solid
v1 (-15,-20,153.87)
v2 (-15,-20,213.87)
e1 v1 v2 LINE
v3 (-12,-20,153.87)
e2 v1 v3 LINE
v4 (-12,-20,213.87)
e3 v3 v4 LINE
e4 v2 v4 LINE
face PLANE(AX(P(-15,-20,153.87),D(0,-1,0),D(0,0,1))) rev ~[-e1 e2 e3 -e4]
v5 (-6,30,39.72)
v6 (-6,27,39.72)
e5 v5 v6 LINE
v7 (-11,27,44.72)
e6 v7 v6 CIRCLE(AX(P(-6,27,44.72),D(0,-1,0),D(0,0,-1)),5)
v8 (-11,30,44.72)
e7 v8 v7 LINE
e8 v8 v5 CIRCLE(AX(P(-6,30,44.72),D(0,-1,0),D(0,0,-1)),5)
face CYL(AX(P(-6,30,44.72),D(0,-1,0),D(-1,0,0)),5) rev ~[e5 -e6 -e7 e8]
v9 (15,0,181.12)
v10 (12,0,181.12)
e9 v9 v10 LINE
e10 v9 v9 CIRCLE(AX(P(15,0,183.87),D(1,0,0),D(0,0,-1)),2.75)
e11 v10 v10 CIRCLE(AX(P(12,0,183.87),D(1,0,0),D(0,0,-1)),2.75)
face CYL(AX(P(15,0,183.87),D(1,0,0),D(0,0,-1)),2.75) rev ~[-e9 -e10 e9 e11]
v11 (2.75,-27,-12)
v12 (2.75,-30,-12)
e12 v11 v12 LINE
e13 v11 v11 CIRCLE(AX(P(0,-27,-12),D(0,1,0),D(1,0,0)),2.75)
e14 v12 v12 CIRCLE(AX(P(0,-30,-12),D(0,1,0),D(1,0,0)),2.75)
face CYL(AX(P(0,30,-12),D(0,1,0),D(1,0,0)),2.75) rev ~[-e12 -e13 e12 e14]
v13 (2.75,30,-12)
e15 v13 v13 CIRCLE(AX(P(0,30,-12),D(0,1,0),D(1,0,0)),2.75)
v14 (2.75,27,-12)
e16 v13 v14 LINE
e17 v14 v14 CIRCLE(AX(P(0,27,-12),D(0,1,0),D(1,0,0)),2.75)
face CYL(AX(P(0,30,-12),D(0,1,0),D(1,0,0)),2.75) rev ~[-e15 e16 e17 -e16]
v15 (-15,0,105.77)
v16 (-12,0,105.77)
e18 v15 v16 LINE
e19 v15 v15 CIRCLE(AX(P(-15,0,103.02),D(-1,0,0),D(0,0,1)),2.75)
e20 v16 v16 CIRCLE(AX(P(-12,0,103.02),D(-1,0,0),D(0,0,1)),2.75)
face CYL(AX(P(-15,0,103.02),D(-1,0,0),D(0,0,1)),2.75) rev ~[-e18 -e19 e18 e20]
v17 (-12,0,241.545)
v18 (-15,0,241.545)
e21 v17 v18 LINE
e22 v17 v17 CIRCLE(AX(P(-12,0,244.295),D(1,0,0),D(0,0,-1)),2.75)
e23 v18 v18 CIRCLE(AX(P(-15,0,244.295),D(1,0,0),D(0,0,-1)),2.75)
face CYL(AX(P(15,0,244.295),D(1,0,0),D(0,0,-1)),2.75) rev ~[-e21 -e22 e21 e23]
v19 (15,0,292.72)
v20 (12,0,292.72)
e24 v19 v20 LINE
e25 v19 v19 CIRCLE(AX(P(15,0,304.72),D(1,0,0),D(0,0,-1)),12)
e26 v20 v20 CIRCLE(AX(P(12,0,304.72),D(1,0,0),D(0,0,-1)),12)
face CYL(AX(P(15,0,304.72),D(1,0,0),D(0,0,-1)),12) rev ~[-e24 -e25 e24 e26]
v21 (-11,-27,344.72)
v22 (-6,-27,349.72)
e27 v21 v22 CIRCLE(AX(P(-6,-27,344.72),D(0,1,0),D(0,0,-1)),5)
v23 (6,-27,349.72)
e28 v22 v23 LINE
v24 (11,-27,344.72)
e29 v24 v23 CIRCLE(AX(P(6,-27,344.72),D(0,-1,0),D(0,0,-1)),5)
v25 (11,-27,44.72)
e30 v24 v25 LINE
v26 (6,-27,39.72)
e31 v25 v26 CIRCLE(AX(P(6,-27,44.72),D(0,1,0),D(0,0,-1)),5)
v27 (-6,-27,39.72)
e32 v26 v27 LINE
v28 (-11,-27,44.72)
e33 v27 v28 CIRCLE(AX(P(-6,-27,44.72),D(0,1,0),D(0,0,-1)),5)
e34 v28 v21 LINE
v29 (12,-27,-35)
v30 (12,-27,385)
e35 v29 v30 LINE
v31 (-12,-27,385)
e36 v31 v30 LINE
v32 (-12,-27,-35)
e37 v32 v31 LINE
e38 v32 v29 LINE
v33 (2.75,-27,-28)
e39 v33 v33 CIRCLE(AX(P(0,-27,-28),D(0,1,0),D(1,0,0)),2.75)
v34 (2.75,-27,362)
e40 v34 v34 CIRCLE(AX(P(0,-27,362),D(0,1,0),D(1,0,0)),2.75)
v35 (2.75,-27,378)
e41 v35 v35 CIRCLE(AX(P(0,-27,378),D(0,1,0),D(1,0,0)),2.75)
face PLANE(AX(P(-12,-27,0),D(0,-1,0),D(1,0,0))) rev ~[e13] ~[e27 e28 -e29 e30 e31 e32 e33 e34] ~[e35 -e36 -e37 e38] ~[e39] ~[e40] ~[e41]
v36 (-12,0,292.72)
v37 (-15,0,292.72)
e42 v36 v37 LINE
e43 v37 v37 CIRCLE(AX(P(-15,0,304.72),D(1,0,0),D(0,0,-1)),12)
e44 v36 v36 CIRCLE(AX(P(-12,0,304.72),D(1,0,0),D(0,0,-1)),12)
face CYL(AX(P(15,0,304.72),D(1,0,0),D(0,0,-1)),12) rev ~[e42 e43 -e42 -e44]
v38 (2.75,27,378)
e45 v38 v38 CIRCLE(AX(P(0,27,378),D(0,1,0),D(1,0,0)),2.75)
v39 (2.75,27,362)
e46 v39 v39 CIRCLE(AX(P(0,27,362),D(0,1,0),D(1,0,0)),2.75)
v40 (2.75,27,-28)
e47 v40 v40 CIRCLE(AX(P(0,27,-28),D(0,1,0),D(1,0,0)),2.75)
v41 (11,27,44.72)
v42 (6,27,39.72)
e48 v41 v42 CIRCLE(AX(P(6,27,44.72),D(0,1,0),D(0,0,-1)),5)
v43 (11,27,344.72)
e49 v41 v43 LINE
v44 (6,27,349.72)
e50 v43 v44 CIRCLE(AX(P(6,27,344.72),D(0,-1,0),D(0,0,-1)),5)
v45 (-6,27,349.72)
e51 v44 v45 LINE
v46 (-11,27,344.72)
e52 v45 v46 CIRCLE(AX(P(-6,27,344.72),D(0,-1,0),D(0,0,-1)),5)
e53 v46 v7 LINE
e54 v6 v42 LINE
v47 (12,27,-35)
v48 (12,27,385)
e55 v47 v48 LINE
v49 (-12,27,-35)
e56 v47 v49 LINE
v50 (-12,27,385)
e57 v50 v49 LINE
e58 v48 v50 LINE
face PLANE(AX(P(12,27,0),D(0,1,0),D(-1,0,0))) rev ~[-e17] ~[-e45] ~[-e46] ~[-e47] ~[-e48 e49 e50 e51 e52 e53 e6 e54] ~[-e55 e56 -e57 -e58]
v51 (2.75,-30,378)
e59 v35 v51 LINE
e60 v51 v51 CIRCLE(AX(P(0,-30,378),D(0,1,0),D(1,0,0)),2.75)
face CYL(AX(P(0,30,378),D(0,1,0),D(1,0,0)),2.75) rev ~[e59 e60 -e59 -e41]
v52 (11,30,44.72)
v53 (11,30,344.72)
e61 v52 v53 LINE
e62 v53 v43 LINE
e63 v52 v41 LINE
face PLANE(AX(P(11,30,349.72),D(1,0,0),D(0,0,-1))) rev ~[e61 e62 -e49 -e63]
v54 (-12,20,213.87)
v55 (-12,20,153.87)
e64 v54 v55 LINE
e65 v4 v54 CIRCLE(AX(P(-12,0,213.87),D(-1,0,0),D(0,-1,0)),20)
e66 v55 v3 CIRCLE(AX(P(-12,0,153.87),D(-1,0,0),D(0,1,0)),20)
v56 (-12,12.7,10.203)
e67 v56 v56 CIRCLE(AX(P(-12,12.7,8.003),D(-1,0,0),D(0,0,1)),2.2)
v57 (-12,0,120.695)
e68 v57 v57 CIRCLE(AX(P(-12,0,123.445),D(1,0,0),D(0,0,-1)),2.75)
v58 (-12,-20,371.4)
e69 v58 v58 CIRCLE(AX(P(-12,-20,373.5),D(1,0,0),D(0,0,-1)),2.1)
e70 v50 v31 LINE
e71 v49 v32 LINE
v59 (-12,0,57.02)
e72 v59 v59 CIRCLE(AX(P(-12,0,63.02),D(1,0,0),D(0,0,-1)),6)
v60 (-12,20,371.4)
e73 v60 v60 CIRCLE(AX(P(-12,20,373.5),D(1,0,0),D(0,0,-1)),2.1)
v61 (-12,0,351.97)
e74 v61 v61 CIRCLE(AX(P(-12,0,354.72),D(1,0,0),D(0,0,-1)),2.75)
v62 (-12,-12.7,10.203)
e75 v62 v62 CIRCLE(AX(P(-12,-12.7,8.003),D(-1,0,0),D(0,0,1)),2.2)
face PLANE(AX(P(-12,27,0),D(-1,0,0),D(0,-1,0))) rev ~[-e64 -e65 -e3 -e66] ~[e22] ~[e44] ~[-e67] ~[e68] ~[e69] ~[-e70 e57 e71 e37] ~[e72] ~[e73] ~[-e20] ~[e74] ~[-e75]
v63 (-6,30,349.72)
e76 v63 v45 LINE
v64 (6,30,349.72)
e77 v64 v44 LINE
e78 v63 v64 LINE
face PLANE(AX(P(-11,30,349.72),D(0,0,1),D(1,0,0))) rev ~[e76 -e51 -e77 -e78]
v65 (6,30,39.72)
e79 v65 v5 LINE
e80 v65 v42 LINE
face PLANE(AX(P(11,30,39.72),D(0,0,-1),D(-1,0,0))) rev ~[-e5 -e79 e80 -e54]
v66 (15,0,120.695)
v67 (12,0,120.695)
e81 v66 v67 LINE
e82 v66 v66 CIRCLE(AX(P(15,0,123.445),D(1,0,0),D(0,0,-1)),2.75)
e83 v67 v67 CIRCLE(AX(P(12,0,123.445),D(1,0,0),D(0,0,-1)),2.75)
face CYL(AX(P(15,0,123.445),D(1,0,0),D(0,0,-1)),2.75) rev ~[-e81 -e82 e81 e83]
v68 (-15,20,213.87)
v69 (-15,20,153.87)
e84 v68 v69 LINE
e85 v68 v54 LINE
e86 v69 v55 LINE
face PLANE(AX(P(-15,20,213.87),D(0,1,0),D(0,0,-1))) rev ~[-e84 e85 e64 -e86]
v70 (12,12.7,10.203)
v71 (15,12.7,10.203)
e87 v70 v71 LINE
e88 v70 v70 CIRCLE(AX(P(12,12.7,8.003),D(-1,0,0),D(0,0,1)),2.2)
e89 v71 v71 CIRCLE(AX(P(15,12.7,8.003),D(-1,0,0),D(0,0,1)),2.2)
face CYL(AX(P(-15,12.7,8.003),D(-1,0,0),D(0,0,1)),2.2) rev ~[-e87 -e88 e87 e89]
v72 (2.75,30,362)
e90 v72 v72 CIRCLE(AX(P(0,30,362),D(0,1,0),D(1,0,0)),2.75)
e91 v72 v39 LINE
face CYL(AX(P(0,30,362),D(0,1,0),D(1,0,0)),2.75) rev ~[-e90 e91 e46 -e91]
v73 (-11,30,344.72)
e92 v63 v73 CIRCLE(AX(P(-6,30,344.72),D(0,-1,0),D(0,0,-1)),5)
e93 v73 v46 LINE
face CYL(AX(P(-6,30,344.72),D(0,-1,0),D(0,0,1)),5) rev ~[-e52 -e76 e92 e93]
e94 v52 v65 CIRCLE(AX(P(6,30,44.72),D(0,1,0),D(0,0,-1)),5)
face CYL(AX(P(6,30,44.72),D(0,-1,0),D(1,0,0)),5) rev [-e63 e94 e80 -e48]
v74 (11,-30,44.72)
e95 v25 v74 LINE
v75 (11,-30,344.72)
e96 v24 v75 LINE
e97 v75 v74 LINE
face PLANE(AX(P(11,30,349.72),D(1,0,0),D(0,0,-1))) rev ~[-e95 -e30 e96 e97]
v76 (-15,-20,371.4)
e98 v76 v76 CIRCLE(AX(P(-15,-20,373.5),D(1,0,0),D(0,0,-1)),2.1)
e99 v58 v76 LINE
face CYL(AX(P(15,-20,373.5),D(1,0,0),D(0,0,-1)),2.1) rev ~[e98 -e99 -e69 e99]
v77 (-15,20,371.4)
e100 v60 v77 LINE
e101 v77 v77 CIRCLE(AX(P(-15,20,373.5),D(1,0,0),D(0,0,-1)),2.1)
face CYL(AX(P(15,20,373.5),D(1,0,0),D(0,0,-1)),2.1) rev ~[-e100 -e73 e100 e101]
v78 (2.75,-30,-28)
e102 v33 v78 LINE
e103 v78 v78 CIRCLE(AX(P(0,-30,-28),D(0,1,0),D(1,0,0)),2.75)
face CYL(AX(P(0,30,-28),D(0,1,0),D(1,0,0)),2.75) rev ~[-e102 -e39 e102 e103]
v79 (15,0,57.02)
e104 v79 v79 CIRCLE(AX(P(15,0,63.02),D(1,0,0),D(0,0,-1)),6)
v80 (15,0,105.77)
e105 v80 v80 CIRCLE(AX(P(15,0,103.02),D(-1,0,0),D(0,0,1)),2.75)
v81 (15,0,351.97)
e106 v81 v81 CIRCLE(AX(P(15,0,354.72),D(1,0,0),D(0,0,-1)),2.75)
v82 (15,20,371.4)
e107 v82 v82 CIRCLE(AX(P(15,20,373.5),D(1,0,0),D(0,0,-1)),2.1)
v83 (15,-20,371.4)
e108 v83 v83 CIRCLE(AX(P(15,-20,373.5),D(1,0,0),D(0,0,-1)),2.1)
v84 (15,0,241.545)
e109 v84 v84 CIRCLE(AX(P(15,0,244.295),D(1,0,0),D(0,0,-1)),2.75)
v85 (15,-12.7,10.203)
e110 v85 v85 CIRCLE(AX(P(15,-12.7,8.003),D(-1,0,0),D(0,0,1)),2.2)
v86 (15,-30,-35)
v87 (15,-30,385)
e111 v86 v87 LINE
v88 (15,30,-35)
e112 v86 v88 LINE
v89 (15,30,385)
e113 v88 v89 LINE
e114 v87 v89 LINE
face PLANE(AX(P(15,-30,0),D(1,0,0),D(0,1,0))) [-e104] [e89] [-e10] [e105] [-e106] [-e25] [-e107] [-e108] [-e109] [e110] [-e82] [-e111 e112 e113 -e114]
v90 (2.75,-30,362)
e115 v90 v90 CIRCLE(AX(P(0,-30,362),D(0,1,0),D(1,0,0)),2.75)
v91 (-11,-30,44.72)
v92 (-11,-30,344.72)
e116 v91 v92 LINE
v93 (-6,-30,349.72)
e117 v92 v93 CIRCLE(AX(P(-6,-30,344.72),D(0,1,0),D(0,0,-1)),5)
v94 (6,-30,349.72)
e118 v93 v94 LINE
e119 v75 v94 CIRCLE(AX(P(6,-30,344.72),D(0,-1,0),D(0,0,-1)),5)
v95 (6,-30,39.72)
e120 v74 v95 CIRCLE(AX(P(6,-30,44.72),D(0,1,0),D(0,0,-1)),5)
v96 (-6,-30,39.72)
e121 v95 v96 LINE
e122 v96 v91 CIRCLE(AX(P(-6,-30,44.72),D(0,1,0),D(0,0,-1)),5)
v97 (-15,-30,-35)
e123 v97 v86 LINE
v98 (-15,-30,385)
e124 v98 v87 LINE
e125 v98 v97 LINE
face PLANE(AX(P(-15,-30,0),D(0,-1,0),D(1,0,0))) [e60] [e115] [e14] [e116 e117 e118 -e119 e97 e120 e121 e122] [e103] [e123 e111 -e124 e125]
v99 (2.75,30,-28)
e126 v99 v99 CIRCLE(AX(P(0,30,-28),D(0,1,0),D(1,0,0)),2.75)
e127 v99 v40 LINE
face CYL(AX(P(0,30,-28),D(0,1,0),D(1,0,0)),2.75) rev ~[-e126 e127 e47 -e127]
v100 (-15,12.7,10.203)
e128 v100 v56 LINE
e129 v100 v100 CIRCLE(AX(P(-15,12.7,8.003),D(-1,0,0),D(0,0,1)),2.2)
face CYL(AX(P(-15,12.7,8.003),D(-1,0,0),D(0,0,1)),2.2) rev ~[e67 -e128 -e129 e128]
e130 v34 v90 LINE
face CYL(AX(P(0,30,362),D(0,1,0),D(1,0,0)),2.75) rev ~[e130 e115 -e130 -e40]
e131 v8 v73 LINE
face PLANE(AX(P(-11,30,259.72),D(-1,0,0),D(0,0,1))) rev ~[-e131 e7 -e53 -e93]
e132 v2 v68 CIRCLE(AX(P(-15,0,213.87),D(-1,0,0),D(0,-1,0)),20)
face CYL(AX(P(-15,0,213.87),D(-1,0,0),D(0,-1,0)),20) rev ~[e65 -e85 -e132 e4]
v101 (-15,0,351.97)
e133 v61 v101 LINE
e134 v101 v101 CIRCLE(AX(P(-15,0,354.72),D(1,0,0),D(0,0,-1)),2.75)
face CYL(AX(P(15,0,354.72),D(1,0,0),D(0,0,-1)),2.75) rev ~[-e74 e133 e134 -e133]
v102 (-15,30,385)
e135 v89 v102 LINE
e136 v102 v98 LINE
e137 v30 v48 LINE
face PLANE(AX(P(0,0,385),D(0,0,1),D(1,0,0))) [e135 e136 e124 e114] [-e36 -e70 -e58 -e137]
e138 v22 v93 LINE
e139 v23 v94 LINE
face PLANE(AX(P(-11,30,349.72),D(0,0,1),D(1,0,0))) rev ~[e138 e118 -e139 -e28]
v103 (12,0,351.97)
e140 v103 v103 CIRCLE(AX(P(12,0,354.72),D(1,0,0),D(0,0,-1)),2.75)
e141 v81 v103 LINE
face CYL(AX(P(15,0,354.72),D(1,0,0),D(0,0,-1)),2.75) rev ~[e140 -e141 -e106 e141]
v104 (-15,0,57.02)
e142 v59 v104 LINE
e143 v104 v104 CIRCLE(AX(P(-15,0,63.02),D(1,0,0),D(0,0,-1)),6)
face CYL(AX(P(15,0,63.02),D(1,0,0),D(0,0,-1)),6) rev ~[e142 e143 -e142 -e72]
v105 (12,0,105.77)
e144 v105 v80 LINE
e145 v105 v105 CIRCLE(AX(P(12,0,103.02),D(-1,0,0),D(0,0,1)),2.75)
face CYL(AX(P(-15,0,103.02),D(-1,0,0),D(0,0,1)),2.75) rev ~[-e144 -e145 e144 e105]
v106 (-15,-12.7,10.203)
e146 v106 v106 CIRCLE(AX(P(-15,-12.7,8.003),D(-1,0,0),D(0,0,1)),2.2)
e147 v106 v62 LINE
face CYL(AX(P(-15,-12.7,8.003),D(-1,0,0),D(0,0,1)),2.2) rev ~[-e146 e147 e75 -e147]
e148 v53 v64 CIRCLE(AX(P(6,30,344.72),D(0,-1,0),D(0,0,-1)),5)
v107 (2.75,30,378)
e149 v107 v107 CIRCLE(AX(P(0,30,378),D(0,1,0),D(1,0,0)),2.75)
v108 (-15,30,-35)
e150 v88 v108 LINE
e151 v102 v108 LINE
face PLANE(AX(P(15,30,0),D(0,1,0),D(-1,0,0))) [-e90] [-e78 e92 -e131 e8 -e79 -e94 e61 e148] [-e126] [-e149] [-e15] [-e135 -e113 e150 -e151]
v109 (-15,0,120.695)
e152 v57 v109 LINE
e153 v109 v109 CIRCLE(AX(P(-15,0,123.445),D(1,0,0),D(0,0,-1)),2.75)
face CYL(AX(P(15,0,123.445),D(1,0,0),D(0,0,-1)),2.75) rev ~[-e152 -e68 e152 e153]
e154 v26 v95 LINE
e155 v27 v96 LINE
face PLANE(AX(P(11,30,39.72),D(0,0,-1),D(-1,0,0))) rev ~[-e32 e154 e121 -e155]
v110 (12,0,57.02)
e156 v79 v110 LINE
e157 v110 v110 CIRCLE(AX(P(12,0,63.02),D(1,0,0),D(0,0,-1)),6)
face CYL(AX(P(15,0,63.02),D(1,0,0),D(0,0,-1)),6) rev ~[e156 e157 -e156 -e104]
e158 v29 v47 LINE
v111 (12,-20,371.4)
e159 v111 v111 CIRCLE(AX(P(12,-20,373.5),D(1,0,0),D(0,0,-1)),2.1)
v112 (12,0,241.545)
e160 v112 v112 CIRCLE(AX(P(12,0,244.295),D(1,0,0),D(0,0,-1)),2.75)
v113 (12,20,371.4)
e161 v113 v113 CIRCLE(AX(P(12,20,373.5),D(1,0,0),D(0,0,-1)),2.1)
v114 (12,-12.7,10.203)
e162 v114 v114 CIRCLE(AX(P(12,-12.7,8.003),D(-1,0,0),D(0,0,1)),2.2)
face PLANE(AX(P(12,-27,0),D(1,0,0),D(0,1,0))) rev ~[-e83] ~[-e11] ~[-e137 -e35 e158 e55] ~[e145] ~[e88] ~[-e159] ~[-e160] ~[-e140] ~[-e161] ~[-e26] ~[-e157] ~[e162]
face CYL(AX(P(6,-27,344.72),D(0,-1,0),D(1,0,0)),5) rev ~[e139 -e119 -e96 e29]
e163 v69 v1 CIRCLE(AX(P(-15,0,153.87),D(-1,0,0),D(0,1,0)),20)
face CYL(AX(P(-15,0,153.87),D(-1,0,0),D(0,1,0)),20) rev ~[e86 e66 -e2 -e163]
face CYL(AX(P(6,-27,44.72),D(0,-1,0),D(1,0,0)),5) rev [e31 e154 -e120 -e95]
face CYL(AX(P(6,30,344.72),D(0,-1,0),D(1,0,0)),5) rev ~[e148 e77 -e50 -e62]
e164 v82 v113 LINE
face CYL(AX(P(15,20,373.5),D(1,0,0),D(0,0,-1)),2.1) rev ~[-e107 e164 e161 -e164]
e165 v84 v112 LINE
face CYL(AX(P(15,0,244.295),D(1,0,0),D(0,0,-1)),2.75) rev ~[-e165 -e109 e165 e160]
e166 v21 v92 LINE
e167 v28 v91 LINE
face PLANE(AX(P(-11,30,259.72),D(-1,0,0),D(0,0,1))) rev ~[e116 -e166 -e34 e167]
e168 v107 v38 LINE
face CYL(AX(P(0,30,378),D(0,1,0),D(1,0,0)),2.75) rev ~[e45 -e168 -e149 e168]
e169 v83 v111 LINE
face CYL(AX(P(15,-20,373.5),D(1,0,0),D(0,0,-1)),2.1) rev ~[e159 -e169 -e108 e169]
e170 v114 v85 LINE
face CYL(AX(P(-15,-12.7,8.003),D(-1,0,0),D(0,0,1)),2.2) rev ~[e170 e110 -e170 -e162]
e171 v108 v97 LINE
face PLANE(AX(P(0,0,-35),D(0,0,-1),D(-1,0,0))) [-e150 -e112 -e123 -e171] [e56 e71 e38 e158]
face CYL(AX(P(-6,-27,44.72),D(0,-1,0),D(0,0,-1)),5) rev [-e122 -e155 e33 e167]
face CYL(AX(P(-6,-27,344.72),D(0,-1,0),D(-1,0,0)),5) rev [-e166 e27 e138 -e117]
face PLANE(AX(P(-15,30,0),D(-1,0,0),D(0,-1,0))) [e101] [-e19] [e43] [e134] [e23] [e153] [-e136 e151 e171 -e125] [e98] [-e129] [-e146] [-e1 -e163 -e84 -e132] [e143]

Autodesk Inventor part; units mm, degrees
ref_plane "YZ Plane" through (0, 0, 0) normal (1, 0, 0) x (0, 1, 0)
ref_plane "XZ Plane" through (0, 0, 0) normal (0, 1, 0) x (-1, 0, 0)
ref_plane "XY Plane" through (0, 0, 0) normal (0, 0, 1) x (1, 0, 0)
sketch "Sketch1" plane through (0, 0, 0) normal (0, 0, 1) x (1, 0, 0)
  line L0 (-15, -30) -> (15, -30)
  line L1 (15, -30) -> (15, 30)
  line L2 (15, 30) -> (-15, 30)
  line L3 (-15, 30) -> (-15, -30)
  line L4 (-15, -30) -> (15, 30) construction
  line L5 (15, -30) -> (-15, 30) construction
  line L6 (-12, -27) -> (12, -27)
  line L7 (12, -27) -> (12, 27)
  line L8 (12, 27) -> (-12, 27)
  line L9 (-12, 27) -> (-12, -27)
  line L10 (-12, -27) -> (12, 27) construction
  line L11 (12, -27) -> (-12, 27) construction
  point P0 (0, 0)
  dimension "d0" = 30
  dimension "d1" = 60
  dimension "d2" = 24
  dimension "d3" = 54
extrude "Extrusion1" add sketch "Sketch1" along normal blind 385
sketch "Sketch2" plane through (15, -30, 0) normal (1, 0, 0) x (0, 0, -1)
  circle A0 centre (-63.02, 30) radius 6
  line L0 (0, 60) -> (-385, 60) projected
  line L1 (0, 0) -> (0, 60) projected
  circle A1 centre (-304.72, 30) radius 12
  circle A2 centre (-183.87, 30) radius 2.75
  line L2 (0, 0) -> (-385, 0) projected
  circle A3 centre (-123.445, 30) radius 2.75
  circle A4 centre (-244.295, 30) radius 2.75
  circle A5 centre (-373.5, 50) radius 2.1
  circle A6 centre (-373.5, 10) radius 2.1
  line L3 (-385, 60) -> (-385, 0) projected
  line L4 (-213.87, 30) -> (-153.87, 30) construction
  line L5 (-213.87, 10) -> (-153.87, 10)
  line L6 (-153.87, 50) -> (-213.87, 50)
  arc A7 (-213.87, 50) -> (-213.87, 10) centre (-213.87, 30) ccw
  arc A8 (-153.87, 10) -> (-153.87, 50) centre (-153.87, 30) ccw
  circle A9 centre (-354.72, 30) radius 2.75
  point P0 (0, 30)
  point P1 (-183.87, 30)
  dimension "d6" = 12
  dimension "d7" = 30
  dimension "PulleyHole" = 63.02
  dimension "d18" = 24
  dimension "d19" = 30
  dimension "d20" = 241.7
  dimension "d30" = 5.5
  dimension "d31" = 30
  dimension "d32" = 120.85
  dimension "d33" = 5.5
  dimension "d34" = 5.5
  dimension "d35" = 30
  dimension "d36" = 30
  dimension "d37" = 60.425
  dimension "d38" = 60.425
  dimension "d39" = 4.2
  dimension "d40" = 4.2
  dimension "d41" = 10
  dimension "d42" = 11.5
  dimension "d43" = 10
  dimension "d44" = 11.5
  dimension "d56" = 40
  dimension "d57" = 30.425
  dimension "d59" = 60
  dimension "d60" = 10
  dimension "d82" = 5.5
  dimension "d83" = 110.425
  dimension "d84" = 30
extrude "Extrusion2" cut sketch "Sketch2" against normal blind 30 contours A0 | A1 | A2 | A3 | A4 | A5 | A6 | A9
sketch "Sketch4" plane through (-15, 30, 0) normal (0, 1, 0) x (1, 0, 0)
  circle A0 centre (15, -63.02) radius 7.5 construction
  line L0 (0, 0) -> (0, -385) projected
  line L1 (30, 0) -> (0, 0) projected
  line L2 (26, -259.72) -> (4, -259.72)
  line L3 (4, -259.72) -> (4, -349.72)
  line L4 (4, -349.72) -> (26, -349.72)
  line L5 (26, -349.72) -> (26, -259.72)
  line L6 (26, -259.72) -> (4, -349.72) construction
  line L7 (4, -259.72) -> (26, -349.72) construction
  line L8 (4, -259.72) -> (26, -259.72)
  line L9 (26, -259.72) -> (26, -39.72)
  line L10 (26, -39.72) -> (4, -39.72)
  line L11 (4, -39.72) -> (4, -259.72)
  point P0 (15, 0)
  point P1 (15, -304.72)
  dimension "d13" = 15
  dimension "d14" = 15
  dimension "d15" = 63.02
  dimension "d23" = 22
  dimension "d24" = 15
  dimension "d25" = 90
  dimension "d26" = 241.7
  dimension "d28" = 22
  dimension "d29" = 220
extrude "Extrusion4" cut sketch "Sketch4" against normal blind 87.25
sketch "Sketch5" plane through (-15, -30, 0) normal (-1, 0, 0) x (0, 0, 1)
  arc A0 (96.02, 56) -> (88.02, 60) centre (88.02, 50) ccw projected
  line L0 (88.02, 60) -> (30, 60) projected
  arc A1 (30, 60) -> (30, 0) centre (30, 30) ccw projected
  line L1 (30, 0) -> (63.02, 0) projected
  arc A2 (63.02, 0) -> (78.02, 4.0192) centre (63.02, 30) ccw projected
  line L2 (78.02, 4.0192) -> (108.02, 21.3397) projected
  arc A3 (108.02, 21.3397) -> (111.02, 36) centre (103.02, 30) ccw projected
  line L3 (111.02, 36) -> (96.02, 56) projected
  circle A4 centre (30, 30) radius 9.75 projected
  circle A5 centre (63.02, 30) radius 9.5 projected
  circle A6 centre (88.02, 55) radius 2.2 projected
  circle A7 centre (30, 4.6) radius 2.2 projected
  circle A8 centre (8.003, 17.3) radius 2.2 projected
  circle A9 centre (8.003, 42.7) radius 2.2 projected
  circle A10 centre (30, 55.4) radius 2.2 projected
  circle A11 centre (103.02, 30) radius 2.75 projected
  point P0 (0, 30)
extrude "Extrusion5" cut sketch "Sketch5" against normal blind 30 contours A8 | A9 | A11
fillet "Fillet1" radius 5 8 edges at (-11, -28.5, 349.72) (11, 28.5, 349.72) (11, -28.5, 349.72) (-11, 28.5, 349.72) (11, 28.5, 39.72) (11, -28.5, 39.72) (-11, 28.5, 39.72) (-11, -28.5, 39.72)
sketch "Sketch6" plane through (0, 0, 0) normal (0, 0, -1) x (-1, 0, 0)
  line L0 (12, 27) -> (12, -27) projected
  line L1 (12, -27) -> (-12, -27) projected
  line L2 (-12, -27) -> (-12, 27) projected
  line L3 (-12, 27) -> (12, 27) projected
  line L4 (15, -30) -> (-15, -30) projected
  line L5 (15, 30) -> (15, -30) projected
  line L6 (-15, 30) -> (15, 30) projected
  line L7 (-15, -30) -> (-15, 30) projected
  point P0 (0, 0)
extrude "Extrusion6" add sketch "Sketch6" along normal blind 35
sketch "Sketch8" plane through (-15, -30, 385) normal (-1, 0, 0) x (0, 0, 1)
  line L0 (-231.13, 30) -> (-171.13, 30) construction
  line L1 (-231.13, 10) -> (-171.13, 10)
  line L2 (-171.13, 50) -> (-231.13, 50)
  arc A0 (-231.13, 50) -> (-231.13, 10) centre (-231.13, 30) ccw
  arc A1 (-171.13, 10) -> (-171.13, 50) centre (-171.13, 30) ccw
  line L3 (-231.13, 30) -> (-171.13, 30) construction
  line L4 (0, 0) -> (-420, 0) projected
  circle A2 centre (-261.555, 30) radius 2.75 projected
  point P0 (-385, 30)
  point P1 (-201.13, 30)
  dimension "d61" = 60
  dimension "d62" = 0
  dimension "d63" = 40
  dimension "d64" = 10
  dimension "d65" = 30.425
extrude "Extrusion8" cut sketch "Sketch8" against normal blind 10 contours A0 L2 A1 L1
sketch "Sketch9" plane through (-15, 30, 385) normal (0, 1, 0) x (1, 0, 0)
  circle A0 centre (15, 413) radius 2.75
  circle A1 centre (15, 397) radius 2.75
  line L0 (0, 420) -> (0, 0) projected
  line L1 (0, 420) -> (30, 420) projected
  circle A2 centre (15, 7) radius 2.75
  circle A3 centre (15, 23) radius 2.75
  line L2 (30, 0) -> (0, 0) projected
  point P0 (15, 385)
  dimension "d68" = 5.5
  dimension "d69" = 5.5
  dimension "d70" = 15
  dimension "d71" = 15
  dimension "d72" = 7
  dimension "d73" = 16
  dimension "d74" = 5.5
  dimension "d75" = 5.5
  dimension "d76" = 15
  dimension "d77" = 15
  dimension "d78" = 7
  dimension "d79" = 16
extrude "Extrusion9" cut sketch "Sketch9" against normal up to surface (60 mm away)
equation "\"d15\" = PulleyHole"
properties part number "SideExtrusion" material "Aluminum 6061"
